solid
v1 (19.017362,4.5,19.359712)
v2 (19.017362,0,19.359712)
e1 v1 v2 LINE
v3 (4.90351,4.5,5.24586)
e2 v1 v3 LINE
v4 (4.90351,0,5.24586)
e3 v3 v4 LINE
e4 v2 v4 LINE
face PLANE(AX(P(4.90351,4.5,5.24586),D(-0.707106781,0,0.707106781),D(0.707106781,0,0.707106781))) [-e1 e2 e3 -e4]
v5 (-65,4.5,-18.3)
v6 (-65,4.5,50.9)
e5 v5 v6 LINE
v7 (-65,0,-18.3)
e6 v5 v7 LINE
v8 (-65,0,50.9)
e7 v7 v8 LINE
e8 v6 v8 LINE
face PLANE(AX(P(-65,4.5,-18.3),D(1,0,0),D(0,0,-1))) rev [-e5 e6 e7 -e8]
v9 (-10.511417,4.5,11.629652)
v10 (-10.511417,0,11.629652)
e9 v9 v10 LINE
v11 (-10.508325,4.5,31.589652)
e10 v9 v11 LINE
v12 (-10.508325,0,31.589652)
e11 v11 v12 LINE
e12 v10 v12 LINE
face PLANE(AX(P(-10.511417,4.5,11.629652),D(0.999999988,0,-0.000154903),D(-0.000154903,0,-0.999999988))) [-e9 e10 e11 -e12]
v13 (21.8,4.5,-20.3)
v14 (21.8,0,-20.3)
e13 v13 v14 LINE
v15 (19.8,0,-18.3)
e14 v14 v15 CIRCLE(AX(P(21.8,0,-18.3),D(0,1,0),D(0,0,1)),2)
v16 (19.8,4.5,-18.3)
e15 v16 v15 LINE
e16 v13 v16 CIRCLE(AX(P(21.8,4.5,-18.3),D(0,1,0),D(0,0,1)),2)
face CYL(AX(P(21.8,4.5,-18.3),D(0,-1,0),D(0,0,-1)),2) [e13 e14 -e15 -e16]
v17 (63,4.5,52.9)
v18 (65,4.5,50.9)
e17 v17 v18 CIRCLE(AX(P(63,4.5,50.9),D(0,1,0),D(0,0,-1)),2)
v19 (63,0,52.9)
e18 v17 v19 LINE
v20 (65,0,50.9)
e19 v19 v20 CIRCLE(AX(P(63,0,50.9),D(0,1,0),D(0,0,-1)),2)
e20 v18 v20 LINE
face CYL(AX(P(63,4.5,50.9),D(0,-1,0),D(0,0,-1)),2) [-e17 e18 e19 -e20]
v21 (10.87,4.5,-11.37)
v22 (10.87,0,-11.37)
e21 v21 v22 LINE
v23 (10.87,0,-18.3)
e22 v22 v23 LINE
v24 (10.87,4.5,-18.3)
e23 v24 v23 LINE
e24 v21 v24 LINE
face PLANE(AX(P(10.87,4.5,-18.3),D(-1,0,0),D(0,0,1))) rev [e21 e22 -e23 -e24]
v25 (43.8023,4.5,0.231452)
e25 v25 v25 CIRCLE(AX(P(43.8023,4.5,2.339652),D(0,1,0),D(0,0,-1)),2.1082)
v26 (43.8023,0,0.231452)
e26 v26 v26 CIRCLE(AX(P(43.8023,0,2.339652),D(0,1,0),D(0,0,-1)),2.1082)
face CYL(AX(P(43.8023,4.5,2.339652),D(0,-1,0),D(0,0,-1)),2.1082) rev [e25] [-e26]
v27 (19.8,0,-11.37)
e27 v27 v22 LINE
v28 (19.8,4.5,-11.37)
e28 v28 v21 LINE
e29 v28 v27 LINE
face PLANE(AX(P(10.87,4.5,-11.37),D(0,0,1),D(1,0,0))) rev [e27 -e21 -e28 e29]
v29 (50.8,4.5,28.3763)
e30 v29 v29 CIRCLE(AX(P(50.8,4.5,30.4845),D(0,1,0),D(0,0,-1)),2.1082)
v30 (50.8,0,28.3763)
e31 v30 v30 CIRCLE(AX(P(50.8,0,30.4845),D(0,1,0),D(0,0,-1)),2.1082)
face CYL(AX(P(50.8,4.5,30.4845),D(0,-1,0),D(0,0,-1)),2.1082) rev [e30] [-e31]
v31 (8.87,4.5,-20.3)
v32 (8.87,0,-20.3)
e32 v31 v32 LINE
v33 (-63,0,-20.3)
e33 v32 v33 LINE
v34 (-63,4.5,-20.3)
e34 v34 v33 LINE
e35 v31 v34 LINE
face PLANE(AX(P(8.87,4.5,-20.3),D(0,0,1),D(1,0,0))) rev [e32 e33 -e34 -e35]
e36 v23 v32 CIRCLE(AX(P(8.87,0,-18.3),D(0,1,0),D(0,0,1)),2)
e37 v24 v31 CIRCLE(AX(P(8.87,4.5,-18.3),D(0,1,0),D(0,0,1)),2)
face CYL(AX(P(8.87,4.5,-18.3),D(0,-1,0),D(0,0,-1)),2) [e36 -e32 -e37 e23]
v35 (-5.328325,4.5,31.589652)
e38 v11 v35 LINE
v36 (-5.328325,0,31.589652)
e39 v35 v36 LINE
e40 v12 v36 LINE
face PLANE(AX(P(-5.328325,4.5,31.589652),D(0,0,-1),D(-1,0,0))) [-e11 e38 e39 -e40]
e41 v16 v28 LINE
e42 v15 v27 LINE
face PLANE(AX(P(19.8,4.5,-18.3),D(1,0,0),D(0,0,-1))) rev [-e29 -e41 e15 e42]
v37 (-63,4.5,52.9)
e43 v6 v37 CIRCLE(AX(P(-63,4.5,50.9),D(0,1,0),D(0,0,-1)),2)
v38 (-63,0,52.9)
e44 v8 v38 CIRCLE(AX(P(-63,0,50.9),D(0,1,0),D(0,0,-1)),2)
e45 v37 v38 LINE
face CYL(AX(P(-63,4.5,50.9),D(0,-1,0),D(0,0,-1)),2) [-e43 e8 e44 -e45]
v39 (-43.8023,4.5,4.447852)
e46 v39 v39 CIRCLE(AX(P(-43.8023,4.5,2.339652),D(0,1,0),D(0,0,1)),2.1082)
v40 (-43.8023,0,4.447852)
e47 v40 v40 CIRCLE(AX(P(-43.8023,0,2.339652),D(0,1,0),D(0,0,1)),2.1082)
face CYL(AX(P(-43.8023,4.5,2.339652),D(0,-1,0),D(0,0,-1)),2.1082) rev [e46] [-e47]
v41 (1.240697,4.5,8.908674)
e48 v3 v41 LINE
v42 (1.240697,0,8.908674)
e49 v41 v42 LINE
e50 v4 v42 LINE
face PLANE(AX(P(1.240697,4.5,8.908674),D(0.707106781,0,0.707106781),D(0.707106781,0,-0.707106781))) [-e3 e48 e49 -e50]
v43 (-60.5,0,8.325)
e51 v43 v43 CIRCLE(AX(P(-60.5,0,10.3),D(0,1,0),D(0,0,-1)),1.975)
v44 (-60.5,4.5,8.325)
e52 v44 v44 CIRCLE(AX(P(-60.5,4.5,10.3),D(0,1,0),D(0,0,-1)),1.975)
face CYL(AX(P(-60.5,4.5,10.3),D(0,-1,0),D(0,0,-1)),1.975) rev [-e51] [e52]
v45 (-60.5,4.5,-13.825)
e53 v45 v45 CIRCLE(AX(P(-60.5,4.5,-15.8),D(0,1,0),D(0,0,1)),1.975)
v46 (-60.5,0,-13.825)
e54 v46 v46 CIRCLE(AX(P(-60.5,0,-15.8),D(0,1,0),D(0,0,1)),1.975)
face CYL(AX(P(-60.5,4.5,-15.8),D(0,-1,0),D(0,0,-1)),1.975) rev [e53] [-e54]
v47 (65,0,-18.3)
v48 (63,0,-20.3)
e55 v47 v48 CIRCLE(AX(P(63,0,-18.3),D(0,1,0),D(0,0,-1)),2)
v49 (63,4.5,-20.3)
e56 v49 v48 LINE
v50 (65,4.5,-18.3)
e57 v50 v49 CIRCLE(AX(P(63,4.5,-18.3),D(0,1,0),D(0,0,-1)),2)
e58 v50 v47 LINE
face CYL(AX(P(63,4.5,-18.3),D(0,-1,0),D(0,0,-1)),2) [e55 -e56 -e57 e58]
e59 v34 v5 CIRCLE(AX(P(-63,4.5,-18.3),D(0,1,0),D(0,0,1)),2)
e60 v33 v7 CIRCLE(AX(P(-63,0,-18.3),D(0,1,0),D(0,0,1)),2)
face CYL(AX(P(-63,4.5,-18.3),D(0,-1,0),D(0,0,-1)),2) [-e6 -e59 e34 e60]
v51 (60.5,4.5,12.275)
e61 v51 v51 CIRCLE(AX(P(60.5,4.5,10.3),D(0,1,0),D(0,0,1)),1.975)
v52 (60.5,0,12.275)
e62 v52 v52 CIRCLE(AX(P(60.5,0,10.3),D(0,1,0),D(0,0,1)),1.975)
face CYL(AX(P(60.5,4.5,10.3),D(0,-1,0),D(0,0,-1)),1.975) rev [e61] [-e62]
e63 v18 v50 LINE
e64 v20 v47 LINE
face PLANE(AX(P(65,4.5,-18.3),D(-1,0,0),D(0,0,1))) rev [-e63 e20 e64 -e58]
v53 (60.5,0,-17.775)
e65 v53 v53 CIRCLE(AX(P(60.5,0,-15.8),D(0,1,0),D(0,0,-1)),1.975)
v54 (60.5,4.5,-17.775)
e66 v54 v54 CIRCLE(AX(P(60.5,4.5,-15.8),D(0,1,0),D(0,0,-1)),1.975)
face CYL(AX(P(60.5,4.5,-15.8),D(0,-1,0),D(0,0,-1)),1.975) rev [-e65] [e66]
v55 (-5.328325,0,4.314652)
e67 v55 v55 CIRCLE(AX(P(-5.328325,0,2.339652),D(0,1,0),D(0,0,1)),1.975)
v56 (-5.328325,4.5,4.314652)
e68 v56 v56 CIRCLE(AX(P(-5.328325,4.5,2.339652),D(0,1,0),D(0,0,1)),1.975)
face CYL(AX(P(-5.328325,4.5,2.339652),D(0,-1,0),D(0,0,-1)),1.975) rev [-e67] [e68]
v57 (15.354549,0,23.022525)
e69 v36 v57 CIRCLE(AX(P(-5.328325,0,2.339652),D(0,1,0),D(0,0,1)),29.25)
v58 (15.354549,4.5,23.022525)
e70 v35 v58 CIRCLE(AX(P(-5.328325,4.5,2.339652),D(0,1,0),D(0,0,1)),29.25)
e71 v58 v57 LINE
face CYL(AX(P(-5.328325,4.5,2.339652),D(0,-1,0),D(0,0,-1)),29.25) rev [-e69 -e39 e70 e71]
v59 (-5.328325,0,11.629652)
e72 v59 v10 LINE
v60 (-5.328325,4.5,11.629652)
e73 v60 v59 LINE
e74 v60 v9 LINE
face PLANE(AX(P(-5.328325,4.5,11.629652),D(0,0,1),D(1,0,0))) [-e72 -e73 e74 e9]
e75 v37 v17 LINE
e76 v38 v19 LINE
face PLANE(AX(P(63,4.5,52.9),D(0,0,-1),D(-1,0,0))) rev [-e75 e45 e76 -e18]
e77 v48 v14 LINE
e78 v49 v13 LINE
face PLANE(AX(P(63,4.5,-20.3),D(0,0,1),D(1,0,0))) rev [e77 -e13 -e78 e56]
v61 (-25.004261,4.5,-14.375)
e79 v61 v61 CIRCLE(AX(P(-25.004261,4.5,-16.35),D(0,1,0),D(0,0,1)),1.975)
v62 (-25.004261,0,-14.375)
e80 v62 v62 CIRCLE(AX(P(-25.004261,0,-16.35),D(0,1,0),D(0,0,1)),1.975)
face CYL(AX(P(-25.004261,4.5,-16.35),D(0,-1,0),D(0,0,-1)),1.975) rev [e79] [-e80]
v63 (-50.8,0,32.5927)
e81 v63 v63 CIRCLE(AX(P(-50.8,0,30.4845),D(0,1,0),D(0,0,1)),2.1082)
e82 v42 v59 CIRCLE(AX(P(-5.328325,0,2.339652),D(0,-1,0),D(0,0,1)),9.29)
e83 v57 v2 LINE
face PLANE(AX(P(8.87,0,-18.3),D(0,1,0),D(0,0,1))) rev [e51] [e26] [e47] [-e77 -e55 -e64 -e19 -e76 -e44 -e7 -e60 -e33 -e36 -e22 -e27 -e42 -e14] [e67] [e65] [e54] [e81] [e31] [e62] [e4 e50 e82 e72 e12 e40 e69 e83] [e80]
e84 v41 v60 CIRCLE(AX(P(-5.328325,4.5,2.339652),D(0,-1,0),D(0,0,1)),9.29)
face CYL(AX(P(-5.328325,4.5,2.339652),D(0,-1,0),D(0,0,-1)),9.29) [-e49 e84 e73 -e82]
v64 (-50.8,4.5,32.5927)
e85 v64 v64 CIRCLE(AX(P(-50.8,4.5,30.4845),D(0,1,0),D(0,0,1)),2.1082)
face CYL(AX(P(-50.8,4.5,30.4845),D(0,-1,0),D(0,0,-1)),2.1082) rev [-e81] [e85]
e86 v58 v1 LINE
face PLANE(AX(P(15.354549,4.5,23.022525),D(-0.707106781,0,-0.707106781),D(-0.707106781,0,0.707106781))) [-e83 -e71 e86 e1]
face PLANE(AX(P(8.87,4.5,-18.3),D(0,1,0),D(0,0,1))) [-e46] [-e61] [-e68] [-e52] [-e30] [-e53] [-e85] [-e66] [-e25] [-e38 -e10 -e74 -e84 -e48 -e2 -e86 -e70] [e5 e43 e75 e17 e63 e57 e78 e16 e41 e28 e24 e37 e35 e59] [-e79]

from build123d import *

# Parameters (mm, degrees)
SKETCH1_R           = 1.975
SKETCH1_R_2         = 2.1082
BOSS_EXTRUDE1_DEPTH = 4.5


with BuildPart() as part:
    # Sketch1 → Boss-Extrude1 (new body)
    with BuildSketch(Plane(origin=(0, 0, 0), x_dir=(1, 0, 0), z_dir=(0, 1, 0))):
        with BuildLine():
            Line((63, 20.3), (21.8, 20.3))
            ThreePointArc((21.8, 20.3), (20.385786438, 19.714213562), (19.8, 18.3))
            Line((19.8, 18.3), (19.8, 11.37))
            Line((19.8, 11.37), (10.87, 11.37))
            Line((10.87, 11.37), (10.87, 18.3))
            ThreePointArc((10.87, 18.3), (10.284213562, 19.714213562), (8.87, 20.3))
            Line((8.87, 20.3), (-63, 20.3))
            ThreePointArc((-63, 20.3), (-64.414213562, 19.714213562), (-65, 18.3))
            Line((-65, 18.3), (-65, -50.9))
            ThreePointArc((-65, -50.9), (-64.414213562, -52.314213562), (-63, -52.9))
            Line((-63, -52.9), (63, -52.9))
            ThreePointArc((63, -52.9), (64.414213562, -52.314213562), (65, -50.9))
            Line((65, -50.9), (65, 18.3))
            ThreePointArc((65, 18.3), (64.414213562, 19.714213562), (63, 20.3))
        make_face()
        with Locations(Location((-60.5, 15.8, 0), (0, 0, 270))):
            Circle(SKETCH1_R, mode=Mode.SUBTRACT)
        with Locations(Location((60.5, 15.8, 0), (0, 0, 90))):
            Circle(SKETCH1_R, mode=Mode.SUBTRACT)
        with Locations(Location((60.5, -10.3, 0), (0, 0, 270))):
            Circle(SKETCH1_R, mode=Mode.SUBTRACT)
        with Locations(Location((-60.5, -10.3, 0), (0, 0, 90))):
            Circle(SKETCH1_R, mode=Mode.SUBTRACT)
        with Locations(Location((-25.004260819, 16.35, 0), (0, 0, 270))):
            Circle(SKETCH1_R, mode=Mode.SUBTRACT)
        with Locations(Location((-5.328324842, -2.339651524, 0), (0, 0, 270))):
            Circle(SKETCH1_R, mode=Mode.SUBTRACT)
        with Locations(Location((-50.8, -30.4845, 0), (0, 0, 270))):
            Circle(SKETCH1_R_2, mode=Mode.SUBTRACT)
        with Locations(Location((50.8, -30.4845, 0), (0, 0, 90))):
            Circle(SKETCH1_R_2, mode=Mode.SUBTRACT)
        with Locations(Location((-43.8023, -2.339651524, 0), (0, 0, 270))):
            Circle(SKETCH1_R_2, mode=Mode.SUBTRACT)
        with Locations(Location((43.8023, -2.339651524, 0), (0, 0, 90))):
            Circle(SKETCH1_R_2, mode=Mode.SUBTRACT)
        with BuildLine():
            Line((-5.328324842, -31.589651524), (-10.508324842, -31.589651524))
            Line((-10.508324842, -31.589651524), (-10.5114167, -11.629651524))
            Line((-10.5114167, -11.629651524), (-5.328324842, -11.629651524))
            ThreePointArc((-5.328324842, -11.629651524), (-1.773195755, -10.922492381), (1.240697155, -8.908673522))
            Line((1.240697155, -8.908673522), (4.903510282, -5.245860395))
            Line((4.903510282, -5.245860395), (19.017361634, -19.359711748))
            Line((19.017361634, -19.359711748), (15.354548508, -23.022524874))
            ThreePointArc((15.354548508, -23.022524874), (5.865165555, -29.36312785), (-5.328324842, -31.589651524))
        make_face(mode=Mode.SUBTRACT)
    extrude(amount=BOSS_EXTRUDE1_DEPTH)


solid = part.part
